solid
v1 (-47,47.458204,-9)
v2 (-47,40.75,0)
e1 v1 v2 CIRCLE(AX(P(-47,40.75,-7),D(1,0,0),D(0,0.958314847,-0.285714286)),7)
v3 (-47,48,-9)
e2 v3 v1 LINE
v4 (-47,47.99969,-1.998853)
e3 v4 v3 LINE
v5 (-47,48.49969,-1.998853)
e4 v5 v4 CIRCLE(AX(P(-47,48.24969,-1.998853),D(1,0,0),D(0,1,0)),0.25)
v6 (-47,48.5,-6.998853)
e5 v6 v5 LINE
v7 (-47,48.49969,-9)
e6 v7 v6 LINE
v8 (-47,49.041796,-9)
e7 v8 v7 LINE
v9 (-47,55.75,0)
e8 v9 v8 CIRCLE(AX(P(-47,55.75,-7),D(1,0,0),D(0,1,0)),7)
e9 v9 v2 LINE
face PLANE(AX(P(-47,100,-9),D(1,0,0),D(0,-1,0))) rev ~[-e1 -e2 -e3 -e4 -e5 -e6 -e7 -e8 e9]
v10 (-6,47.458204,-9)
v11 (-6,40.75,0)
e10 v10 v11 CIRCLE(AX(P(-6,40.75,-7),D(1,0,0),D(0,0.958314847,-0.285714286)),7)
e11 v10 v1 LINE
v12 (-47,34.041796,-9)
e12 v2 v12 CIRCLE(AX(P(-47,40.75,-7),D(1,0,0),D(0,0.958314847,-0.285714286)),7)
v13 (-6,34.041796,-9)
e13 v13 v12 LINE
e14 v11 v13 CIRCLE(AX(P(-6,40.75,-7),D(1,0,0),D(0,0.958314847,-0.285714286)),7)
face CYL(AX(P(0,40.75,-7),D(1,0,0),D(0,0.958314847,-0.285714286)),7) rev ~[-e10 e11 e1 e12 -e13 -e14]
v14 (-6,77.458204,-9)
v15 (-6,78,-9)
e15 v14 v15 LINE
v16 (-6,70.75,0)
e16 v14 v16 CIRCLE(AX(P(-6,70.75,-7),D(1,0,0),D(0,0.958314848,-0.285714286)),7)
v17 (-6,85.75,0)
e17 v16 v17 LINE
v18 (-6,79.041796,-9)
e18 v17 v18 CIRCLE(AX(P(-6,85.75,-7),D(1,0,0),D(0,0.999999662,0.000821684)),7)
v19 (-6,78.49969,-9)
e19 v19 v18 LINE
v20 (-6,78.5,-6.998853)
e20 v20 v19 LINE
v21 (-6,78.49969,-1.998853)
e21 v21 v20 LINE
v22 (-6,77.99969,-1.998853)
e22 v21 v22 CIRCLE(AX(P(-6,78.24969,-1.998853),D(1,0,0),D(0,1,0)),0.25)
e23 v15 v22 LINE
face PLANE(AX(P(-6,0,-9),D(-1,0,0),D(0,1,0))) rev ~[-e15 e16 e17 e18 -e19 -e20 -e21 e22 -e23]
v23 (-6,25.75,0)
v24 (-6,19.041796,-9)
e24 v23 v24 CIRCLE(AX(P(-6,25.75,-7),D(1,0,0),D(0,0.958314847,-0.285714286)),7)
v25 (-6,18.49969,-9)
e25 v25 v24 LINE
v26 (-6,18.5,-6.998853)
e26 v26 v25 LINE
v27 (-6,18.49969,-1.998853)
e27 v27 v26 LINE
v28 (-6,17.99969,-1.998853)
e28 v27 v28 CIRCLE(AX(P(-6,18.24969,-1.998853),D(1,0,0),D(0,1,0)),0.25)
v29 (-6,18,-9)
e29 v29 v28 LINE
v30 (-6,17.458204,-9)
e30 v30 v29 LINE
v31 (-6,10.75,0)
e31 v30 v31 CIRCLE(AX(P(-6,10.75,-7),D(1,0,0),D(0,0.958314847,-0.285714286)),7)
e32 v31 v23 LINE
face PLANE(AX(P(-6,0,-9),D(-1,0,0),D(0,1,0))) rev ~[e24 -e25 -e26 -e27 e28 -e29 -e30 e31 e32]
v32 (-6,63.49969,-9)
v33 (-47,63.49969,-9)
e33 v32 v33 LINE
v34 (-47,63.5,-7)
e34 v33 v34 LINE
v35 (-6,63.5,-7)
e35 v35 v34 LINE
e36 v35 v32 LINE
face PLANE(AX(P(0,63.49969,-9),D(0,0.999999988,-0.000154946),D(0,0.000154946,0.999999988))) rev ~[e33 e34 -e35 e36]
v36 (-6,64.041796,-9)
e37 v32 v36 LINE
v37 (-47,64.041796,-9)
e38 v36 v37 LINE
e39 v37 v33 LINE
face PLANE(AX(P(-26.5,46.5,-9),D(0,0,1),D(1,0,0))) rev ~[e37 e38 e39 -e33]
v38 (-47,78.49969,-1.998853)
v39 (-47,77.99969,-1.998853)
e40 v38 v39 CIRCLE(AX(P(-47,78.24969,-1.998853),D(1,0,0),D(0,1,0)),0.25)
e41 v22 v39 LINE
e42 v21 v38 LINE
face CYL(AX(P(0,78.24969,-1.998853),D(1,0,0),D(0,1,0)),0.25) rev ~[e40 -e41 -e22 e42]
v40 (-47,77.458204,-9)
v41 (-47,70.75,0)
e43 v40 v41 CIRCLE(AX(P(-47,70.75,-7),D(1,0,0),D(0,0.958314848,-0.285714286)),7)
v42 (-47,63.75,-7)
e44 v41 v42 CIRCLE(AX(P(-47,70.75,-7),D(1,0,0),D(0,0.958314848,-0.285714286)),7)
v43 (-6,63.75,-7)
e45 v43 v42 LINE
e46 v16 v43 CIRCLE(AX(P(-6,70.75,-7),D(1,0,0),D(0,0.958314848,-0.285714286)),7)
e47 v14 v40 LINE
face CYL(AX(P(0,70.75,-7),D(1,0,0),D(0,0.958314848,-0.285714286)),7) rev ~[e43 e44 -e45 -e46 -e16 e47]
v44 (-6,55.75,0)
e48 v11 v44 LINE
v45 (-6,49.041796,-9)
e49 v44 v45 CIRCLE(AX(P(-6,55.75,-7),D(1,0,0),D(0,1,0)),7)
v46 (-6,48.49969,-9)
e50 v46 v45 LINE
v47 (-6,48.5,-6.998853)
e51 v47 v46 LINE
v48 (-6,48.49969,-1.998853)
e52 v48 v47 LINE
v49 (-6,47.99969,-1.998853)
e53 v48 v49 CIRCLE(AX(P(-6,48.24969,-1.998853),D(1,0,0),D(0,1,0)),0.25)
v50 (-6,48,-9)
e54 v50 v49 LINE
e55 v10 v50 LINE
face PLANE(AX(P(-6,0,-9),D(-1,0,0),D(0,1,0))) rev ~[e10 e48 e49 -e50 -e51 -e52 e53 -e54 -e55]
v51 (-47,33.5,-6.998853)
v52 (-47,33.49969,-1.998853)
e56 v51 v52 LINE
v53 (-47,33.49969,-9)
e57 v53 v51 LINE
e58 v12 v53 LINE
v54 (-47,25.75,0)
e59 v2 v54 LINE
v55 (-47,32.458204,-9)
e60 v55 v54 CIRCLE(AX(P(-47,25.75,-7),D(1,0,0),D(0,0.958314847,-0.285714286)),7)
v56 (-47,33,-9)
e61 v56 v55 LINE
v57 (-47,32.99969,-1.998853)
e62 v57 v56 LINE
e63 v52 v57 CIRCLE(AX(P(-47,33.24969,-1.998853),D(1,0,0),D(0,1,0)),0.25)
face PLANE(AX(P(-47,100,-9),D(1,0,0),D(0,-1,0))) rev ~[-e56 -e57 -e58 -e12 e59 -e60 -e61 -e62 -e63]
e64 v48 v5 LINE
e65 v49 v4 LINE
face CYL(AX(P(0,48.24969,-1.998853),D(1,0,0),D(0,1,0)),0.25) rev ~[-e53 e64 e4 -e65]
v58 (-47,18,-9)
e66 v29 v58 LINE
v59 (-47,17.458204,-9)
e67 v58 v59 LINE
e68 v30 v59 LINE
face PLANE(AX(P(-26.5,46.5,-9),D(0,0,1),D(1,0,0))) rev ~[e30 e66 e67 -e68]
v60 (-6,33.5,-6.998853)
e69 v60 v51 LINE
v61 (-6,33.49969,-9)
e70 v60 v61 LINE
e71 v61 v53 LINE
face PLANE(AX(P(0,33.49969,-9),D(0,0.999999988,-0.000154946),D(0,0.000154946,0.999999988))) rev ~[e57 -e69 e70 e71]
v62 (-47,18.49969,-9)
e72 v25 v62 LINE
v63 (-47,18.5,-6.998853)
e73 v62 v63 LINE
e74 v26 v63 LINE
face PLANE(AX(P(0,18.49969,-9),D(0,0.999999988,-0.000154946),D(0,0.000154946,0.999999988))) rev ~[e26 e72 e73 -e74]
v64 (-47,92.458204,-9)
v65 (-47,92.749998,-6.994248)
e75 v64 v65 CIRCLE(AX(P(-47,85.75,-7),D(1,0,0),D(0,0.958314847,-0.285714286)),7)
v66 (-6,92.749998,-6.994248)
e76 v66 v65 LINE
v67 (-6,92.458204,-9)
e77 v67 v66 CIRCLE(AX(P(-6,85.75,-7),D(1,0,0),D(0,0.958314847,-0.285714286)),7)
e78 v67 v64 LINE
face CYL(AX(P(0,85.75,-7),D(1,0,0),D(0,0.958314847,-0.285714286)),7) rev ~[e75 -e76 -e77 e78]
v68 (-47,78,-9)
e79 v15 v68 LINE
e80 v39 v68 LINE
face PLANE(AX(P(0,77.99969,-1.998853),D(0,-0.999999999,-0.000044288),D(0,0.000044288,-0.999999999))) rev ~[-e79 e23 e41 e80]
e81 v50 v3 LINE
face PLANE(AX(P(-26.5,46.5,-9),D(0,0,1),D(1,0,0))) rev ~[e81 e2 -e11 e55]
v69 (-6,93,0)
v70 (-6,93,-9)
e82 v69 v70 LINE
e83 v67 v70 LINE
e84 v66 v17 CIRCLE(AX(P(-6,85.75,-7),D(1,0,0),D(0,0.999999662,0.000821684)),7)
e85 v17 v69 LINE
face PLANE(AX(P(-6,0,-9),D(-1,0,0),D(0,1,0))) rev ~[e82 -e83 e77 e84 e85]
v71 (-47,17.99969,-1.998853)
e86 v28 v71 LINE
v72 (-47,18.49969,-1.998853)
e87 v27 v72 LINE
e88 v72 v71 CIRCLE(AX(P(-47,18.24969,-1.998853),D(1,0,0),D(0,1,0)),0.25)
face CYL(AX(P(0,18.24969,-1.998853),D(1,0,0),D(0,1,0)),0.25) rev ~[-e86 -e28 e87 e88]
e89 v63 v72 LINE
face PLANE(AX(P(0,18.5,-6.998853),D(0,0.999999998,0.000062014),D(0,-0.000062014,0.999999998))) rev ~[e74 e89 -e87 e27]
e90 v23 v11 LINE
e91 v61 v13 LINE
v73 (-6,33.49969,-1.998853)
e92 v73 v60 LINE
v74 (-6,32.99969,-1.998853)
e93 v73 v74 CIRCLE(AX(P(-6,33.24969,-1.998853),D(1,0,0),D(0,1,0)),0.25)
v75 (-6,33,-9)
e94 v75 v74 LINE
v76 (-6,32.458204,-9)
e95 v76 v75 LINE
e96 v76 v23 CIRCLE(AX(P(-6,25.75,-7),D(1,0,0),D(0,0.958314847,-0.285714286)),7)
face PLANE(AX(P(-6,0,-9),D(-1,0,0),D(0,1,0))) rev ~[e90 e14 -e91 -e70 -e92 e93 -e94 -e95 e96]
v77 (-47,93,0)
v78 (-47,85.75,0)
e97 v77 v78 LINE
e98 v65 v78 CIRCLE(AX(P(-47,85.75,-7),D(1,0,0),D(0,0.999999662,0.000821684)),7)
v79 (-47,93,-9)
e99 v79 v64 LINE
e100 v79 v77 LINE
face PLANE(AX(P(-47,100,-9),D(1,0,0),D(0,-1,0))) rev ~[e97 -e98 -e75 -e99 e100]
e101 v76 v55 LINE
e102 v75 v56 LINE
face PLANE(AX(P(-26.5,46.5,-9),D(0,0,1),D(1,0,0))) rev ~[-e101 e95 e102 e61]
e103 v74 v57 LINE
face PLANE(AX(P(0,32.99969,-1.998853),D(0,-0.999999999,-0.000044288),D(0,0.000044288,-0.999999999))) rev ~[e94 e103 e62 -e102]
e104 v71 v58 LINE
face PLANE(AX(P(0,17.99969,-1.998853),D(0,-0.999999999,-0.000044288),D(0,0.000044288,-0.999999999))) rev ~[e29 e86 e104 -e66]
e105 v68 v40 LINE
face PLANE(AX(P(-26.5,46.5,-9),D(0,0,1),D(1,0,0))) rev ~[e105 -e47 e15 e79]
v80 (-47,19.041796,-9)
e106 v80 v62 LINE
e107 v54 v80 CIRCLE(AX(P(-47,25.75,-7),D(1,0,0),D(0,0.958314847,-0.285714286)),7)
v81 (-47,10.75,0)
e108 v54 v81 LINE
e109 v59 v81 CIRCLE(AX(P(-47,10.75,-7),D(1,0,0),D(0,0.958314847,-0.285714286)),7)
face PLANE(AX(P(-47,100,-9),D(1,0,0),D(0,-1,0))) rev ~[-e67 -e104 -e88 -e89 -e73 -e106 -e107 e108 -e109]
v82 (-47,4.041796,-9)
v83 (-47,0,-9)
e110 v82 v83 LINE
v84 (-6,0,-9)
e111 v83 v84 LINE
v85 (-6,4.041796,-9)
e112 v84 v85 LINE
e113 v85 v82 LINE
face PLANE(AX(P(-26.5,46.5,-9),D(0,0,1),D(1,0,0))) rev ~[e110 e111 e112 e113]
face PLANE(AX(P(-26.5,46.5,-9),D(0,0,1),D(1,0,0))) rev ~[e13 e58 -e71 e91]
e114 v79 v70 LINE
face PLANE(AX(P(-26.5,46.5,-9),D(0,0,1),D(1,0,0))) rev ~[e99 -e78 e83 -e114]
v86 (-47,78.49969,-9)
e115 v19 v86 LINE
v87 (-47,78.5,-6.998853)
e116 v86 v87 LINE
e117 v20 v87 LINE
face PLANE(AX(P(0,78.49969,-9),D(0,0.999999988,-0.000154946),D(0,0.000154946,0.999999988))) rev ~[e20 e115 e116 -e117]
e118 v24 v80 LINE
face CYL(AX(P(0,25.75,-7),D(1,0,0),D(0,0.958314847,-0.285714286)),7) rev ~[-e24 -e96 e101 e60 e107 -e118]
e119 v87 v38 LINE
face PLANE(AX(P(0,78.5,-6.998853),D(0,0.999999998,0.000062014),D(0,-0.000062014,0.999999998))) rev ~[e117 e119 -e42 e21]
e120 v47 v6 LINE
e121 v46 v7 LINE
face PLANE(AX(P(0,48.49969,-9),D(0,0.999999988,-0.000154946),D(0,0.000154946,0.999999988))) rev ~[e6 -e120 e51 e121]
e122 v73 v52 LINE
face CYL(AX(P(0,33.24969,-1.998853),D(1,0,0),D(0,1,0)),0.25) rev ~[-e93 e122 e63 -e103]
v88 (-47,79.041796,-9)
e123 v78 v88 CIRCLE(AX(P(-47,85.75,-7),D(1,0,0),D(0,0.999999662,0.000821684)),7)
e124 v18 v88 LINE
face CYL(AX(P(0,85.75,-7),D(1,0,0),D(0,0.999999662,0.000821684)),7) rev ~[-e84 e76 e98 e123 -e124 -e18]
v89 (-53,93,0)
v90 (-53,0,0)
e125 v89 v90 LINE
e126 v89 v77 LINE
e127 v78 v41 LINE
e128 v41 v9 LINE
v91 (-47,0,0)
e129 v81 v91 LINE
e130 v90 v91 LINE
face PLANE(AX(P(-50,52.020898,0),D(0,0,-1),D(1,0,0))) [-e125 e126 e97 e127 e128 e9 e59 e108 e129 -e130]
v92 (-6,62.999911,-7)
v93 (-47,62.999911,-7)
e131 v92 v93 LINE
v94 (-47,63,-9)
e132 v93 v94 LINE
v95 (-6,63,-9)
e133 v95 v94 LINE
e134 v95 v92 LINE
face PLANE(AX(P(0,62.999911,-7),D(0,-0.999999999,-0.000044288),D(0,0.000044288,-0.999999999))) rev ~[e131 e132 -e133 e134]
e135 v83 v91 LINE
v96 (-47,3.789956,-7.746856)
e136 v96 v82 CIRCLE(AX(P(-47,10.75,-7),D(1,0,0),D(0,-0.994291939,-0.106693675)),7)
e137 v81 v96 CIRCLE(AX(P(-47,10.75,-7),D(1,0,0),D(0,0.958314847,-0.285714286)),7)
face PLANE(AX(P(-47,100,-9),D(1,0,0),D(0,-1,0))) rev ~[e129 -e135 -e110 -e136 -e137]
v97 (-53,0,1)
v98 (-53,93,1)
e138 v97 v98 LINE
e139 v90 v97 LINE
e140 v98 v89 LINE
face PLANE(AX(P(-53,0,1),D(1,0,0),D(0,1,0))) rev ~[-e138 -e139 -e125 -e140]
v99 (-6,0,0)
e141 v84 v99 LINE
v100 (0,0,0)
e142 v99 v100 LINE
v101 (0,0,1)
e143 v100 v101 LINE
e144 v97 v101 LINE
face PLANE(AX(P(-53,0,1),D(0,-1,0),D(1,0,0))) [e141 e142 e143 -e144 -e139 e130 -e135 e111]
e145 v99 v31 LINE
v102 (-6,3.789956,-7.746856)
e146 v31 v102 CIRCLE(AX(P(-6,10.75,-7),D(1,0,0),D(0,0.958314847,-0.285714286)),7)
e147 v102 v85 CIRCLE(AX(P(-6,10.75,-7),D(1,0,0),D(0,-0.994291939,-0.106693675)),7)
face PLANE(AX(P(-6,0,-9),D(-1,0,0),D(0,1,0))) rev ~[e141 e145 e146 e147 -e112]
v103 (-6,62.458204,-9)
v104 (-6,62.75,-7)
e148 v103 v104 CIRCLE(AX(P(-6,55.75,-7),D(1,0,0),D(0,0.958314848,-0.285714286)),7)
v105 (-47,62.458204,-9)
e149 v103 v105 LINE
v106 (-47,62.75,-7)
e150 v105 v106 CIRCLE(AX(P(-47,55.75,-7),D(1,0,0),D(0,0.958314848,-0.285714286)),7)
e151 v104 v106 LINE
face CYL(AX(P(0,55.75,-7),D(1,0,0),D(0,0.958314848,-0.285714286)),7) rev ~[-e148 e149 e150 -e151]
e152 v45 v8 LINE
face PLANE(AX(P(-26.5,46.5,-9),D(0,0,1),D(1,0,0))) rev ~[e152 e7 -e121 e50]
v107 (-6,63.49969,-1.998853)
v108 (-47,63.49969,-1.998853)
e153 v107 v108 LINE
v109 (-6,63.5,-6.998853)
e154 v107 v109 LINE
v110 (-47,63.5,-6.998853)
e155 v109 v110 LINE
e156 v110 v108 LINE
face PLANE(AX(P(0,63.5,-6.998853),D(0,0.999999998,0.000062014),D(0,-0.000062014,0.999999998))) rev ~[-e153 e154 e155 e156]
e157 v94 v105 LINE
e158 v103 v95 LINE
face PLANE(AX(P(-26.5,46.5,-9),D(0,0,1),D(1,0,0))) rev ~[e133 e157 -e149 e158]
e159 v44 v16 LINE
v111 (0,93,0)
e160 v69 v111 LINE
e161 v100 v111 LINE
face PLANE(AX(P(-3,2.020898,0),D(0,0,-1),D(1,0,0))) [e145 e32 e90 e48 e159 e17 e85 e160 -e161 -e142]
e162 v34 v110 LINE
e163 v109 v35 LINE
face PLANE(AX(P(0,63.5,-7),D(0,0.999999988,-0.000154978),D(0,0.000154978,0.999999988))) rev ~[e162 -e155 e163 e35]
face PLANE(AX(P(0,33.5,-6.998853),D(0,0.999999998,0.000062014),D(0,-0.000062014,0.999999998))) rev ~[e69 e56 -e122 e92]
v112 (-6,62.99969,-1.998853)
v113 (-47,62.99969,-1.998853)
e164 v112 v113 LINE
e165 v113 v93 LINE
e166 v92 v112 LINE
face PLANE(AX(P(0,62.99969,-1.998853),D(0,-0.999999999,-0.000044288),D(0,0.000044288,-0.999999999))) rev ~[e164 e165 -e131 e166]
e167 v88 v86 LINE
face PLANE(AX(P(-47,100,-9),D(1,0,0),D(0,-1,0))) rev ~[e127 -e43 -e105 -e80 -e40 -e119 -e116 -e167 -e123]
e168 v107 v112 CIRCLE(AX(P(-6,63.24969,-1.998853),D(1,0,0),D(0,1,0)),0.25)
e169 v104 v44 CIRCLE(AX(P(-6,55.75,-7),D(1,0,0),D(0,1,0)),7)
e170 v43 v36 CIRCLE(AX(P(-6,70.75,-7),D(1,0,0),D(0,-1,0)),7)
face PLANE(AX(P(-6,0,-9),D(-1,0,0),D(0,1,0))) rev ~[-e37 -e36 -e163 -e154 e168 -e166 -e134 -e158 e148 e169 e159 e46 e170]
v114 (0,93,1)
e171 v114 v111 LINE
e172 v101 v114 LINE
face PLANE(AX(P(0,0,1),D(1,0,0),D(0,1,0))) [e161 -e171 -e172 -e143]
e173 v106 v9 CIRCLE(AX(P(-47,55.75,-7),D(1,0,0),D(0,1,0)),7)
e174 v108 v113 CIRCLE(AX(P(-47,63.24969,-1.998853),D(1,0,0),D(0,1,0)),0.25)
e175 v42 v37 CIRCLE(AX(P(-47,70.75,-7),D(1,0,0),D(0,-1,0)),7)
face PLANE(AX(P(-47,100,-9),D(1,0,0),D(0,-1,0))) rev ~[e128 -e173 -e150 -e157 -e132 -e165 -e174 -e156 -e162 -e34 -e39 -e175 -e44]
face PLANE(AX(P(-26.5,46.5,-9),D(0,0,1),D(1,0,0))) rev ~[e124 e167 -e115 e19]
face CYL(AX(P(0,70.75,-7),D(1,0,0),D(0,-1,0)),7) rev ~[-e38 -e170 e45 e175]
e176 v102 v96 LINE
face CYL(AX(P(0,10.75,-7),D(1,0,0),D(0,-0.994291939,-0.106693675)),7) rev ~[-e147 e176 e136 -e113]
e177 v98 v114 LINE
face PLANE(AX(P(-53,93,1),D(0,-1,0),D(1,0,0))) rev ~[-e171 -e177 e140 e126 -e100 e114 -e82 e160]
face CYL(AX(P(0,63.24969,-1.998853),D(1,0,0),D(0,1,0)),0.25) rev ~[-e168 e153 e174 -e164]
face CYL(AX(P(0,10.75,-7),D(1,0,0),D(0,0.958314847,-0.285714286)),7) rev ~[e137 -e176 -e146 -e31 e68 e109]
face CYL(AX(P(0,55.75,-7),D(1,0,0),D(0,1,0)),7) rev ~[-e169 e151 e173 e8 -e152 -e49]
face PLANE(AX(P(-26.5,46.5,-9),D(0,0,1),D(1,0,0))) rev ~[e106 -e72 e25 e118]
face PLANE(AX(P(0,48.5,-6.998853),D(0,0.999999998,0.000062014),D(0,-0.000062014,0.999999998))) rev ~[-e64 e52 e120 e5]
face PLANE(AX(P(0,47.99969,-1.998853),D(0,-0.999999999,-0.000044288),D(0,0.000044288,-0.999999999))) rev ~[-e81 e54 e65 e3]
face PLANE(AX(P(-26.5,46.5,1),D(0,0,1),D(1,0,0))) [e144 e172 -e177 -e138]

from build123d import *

# Parameters (mm, degrees)
F0_W     = 53
F0_H     = 93
F1_DEPTH = 1
F2_W     = 53
F2_H     = 93
F3_DEPTH = 10
F5_DEPTH = 70
F6_W     = 6
F6_H     = 95.9582039332
F6_H_2   = 4.0417960668
F7_DEPTH = 9
F8_DEPTH = 60


with BuildPart() as f1:
    # F0 (on Top) → F1 (new body)
    with BuildSketch(Plane.XY):
        with Locations((-26.5, 46.5)):
            Rectangle(F0_W, F0_H)
    extrude(amount=F1_DEPTH)

    # F2 (on face) → F3 (join)
    with BuildSketch(Plane.XY.offset(1)):
        with Locations((-26.5, 46.5)):
            Rectangle(F2_W, F2_H)
    extrude(amount=-F3_DEPTH)

    # F4 (on face) → F5 (cut)
    with BuildSketch(Plane.YZ):
        Polygon((93, -9), (92.4582039325, -9), (79.0417960675, -9), (78.4996898418, -9), (77.9999999123, -9), (77.4582039325, -9), (64.0417960675, -9), (63.4996898418, -9), (62.9999999123, -9), (62.4582039325, -9), (49.0417960675, -9), (48.4996898418, -9), (47.9999999123, -9), (47.4582039325, -9), (34.0417960675, -9), (33.4996898418, -9), (32.9999999123, -9), (32.4582039318, -9), (19.0417960668, -9), (18.4996898418, -9), (17.9999999123, -9), (17.4582039318, -9), (4.0417960668, -9), (0, -9), (0, -7.7468557283), (-7.4705565355, -7.7468557283), (-7.4705565355, -22.4550403655), (98.083905875, -22.4550403655), (98.083905875, -6.994248211), (93, -6.994248211), align=None)
        with BuildLine():
            Line((79.0417960675, -9), (92.4582039325, -9))
            ThreePointArc((92.4582039325, -9), (92.6770814653, -8.0077412234), (92.7499976369, -6.994248211))
            ThreePointArc((92.7499976369, -6.994248211), (84.7365672438, -0.0737489182), (79.0417960675, -9))
        make_face()
        with BuildLine():
            Line((64.0417960675, -9), (77.4582039325, -9))
            ThreePointArc((77.4582039325, -9), (71.760587075, -0.0733331419), (63.75, -7))
            ThreePointArc((63.75, -7), (63.8233331419, -8.010587075), (64.0417960675, -9))
        make_face()
        with BuildLine():
            Line((34.0417960675, -9), (47.4582039325, -9))
            ThreePointArc((47.4582039325, -9), (40.75, 0), (34.0417960675, -9))
        make_face()
        with BuildLine():
            ThreePointArc((62.4582039325, -9), (62.6766668581, -8.010587075), (62.75, -7))
            ThreePointArc((62.75, -7), (54.739412925, -0.0733331419), (49.0417960675, -9))
            Line((49.0417960675, -9), (62.4582039325, -9))
        make_face()
        with BuildLine():
            ThreePointArc((32.4582039318, -9), (25.7499999993, 0), (19.0417960668, -9))
            Line((19.0417960668, -9), (32.4582039318, -9))
        make_face()
        with BuildLine():
            ThreePointArc((17.4582039318, -9), (11.3890997117, -0.0292359416), (3.7899564275, -7.7468557283))
            ThreePointArc((3.7899564275, -7.7468557283), (3.8872133859, -8.3791881304), (4.0417960668, -9))
            Line((4.0417960668, -9), (17.4582039318, -9))
        make_face()
    extrude(amount=-F5_DEPTH, mode=Mode.SUBTRACT)

    # F6 (on face) → F7 (cut)
    with BuildSketch(Plane(origin=(0, 0, -9), x_dir=(1, 0, 0), z_dir=(0, 0, -1))):
        with Locations((-50, -52.0208980334)):
            Rectangle(F6_W, F6_H)
        with Locations((-50, -2.0208980334)):
            Rectangle(F6_W, F6_H_2)
        with Locations((-3, -2.0208980334)):
            Rectangle(F6_W, F6_H_2)
        with Locations((-3, -52.0208980334)):
            Rectangle(F6_W, F6_H)
    extrude(amount=-F7_DEPTH, mode=Mode.SUBTRACT)

    # F4 (on face) → F8 (cut)
    with BuildSketch(Plane.YZ):
        with BuildLine():
            Line((17.9996898451, -1.9988527525), (17.9999999123, -9))
            Line((17.9999999123, -9), (18.4996898418, -9))
            Line((18.4996898418, -9), (18.4999999113, -6.9988527429))
            Line((18.4999999113, -6.9988527429), (18.4996898418, -1.9988527525))
            ThreePointArc((18.4996898418, -1.9988527525), (18.2496898435, -1.7488527542), (17.9996898451, -1.9988527525))
        make_face()
        with BuildLine():
            Line((32.9996898451, -1.9988527525), (32.9999999123, -9))
            Line((32.9999999123, -9), (33.4996898418, -9))
            Line((33.4996898418, -9), (33.4999999113, -6.9988527429))
            Line((33.4999999113, -6.9988527429), (33.4996898418, -1.9988527525))
            ThreePointArc((33.4996898418, -1.9988527525), (33.2496898435, -1.7488527542), (32.9996898451, -1.9988527525))
        make_face()
        with BuildLine():
            Line((47.9999999123, -9), (48.4996898418, -9))
            Line((48.4996898418, -9), (48.4999999113, -6.9988527429))
            Line((48.4999999113, -6.9988527429), (48.4996898418, -1.9988527525))
            ThreePointArc((48.4996898418, -1.9988527525), (48.2496898435, -1.7488527542), (47.9996898451, -1.9988527525))
            Line((47.9996898451, -1.9988527525), (47.9999999123, -9))
        make_face()
        with BuildLine():
            Line((62.9999113362, -7), (63.4999997335, -7))
            Line((63.4999997335, -7), (63.4999999113, -6.9988527429))
            Line((63.4999999113, -6.9988527429), (63.4996898418, -1.9988527525))
            ThreePointArc((63.4996898418, -1.9988527525), (63.2496898435, -1.7488527542), (62.9996898451, -1.9988527525))
            Line((62.9996898451, -1.9988527525), (62.9999113362, -7))
        make_face()
        with BuildLine():
            Line((77.9999999123, -9), (78.4996898418, -9))
            Line((78.4996898418, -9), (78.4999999113, -6.9988527429))
            Line((78.4999999113, -6.9988527429), (78.4996898418, -1.9988527525))
            ThreePointArc((78.4996898418, -1.9988527525), (78.2496898435, -1.7488527542), (77.9996898451, -1.9988527525))
            Line((77.9996898451, -1.9988527525), (77.9999999123, -9))
        make_face()
        Polygon((63.4996898418, -9), (63.4999997335, -7), (62.9999113362, -7), (62.9999999123, -9), align=None)
    extrude(amount=-F8_DEPTH, mode=Mode.SUBTRACT)


solid = f1.part
